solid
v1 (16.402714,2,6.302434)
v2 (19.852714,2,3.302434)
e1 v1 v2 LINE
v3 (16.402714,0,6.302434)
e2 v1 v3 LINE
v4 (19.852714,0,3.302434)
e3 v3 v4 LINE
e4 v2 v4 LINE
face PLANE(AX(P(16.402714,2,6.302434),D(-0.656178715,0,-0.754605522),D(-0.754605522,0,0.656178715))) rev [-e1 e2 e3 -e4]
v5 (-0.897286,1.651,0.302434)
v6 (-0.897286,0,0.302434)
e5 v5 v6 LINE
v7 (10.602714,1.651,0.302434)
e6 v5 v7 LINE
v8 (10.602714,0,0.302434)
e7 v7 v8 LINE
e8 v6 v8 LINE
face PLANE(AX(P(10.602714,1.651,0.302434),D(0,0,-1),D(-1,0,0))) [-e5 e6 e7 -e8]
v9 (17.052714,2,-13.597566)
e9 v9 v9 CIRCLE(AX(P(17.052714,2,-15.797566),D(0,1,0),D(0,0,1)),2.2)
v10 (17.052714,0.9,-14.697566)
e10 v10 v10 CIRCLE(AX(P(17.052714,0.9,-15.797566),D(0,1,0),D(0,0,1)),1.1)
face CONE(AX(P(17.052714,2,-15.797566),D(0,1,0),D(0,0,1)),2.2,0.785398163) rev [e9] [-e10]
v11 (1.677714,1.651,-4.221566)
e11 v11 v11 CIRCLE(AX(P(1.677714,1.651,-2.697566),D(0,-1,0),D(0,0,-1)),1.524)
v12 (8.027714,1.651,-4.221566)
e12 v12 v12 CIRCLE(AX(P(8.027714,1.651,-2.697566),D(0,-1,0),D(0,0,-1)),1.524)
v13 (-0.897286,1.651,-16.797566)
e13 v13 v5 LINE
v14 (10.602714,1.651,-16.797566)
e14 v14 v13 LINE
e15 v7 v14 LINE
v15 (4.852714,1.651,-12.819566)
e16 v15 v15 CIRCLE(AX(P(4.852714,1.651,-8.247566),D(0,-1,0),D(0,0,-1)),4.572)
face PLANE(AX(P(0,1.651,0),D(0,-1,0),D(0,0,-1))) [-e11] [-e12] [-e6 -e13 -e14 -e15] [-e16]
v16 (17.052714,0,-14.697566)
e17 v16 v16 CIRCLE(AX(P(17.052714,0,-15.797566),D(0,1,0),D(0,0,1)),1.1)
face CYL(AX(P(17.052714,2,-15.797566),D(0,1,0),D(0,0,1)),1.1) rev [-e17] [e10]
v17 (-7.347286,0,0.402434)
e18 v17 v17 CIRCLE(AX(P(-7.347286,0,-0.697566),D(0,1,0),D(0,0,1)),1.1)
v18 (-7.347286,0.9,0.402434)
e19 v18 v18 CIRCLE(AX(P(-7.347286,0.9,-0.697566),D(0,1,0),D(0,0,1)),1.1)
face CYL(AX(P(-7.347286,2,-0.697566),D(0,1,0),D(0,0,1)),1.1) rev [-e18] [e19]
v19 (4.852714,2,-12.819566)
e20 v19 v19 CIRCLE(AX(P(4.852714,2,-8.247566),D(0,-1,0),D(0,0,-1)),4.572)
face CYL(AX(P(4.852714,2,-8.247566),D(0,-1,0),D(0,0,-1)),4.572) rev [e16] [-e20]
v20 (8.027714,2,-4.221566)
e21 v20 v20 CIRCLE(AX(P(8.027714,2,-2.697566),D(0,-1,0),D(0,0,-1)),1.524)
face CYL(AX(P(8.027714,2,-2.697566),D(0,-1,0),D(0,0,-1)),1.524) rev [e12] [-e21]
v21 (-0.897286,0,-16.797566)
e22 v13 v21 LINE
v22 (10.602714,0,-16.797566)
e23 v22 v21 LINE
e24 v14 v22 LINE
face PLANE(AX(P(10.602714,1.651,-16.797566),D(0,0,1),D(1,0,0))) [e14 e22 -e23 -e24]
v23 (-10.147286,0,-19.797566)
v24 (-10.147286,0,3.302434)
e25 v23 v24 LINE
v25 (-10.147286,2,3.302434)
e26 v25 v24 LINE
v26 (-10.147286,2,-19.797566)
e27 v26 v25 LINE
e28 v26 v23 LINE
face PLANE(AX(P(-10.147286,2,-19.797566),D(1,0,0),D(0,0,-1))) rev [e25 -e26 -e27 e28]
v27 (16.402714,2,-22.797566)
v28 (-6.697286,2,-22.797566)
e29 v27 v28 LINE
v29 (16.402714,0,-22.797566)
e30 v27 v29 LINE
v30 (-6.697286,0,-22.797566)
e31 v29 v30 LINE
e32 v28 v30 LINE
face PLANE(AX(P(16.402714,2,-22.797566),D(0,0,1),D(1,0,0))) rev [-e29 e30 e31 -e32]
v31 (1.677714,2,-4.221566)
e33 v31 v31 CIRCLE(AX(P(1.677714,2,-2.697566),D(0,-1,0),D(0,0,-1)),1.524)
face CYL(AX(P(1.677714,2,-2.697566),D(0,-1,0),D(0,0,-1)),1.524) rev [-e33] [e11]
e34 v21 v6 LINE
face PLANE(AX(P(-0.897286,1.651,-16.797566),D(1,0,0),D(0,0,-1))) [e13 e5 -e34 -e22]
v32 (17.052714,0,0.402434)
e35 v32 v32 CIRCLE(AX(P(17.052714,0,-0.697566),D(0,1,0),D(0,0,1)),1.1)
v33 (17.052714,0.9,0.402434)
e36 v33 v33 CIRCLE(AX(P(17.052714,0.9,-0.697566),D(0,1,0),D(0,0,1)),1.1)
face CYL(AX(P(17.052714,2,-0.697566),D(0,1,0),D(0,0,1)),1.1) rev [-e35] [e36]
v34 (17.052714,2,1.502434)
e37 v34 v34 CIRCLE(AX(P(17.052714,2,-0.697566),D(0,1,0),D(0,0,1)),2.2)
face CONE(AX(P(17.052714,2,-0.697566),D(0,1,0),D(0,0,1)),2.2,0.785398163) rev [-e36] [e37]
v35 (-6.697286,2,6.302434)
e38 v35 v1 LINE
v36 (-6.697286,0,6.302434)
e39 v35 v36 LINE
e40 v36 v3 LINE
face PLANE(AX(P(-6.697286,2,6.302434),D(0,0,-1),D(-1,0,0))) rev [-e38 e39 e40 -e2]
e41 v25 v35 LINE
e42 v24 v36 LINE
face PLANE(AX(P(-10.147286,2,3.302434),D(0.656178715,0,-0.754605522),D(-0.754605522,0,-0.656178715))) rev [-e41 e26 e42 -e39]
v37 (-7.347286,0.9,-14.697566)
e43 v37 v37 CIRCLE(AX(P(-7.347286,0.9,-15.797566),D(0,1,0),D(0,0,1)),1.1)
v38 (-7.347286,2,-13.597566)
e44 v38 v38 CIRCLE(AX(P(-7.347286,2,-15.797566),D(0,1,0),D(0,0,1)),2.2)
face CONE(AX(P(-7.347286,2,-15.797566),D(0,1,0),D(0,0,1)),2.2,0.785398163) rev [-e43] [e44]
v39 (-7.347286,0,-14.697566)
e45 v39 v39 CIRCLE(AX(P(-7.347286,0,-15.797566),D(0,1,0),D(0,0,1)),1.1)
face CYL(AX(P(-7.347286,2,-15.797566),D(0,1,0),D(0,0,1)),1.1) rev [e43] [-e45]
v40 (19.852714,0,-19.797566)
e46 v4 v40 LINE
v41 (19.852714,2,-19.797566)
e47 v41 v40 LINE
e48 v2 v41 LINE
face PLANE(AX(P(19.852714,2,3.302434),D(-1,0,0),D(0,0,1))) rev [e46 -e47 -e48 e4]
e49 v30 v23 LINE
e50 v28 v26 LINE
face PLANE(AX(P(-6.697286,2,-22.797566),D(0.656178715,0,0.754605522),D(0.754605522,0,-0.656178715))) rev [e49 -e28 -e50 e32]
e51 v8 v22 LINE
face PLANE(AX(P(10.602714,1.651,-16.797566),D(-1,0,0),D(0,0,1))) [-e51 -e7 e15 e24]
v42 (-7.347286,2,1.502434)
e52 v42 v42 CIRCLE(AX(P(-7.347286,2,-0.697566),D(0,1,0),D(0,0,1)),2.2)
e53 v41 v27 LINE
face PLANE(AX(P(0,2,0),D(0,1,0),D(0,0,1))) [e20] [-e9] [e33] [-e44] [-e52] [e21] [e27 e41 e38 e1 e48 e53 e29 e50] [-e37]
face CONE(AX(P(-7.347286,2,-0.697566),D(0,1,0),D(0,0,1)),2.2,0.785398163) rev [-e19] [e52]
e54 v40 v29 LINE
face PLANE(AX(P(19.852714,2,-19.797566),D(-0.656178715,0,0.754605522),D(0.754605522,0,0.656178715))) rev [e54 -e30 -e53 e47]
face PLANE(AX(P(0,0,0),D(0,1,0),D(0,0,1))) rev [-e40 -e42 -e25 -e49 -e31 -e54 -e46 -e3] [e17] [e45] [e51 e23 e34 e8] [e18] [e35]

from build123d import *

# Parameters (mm, degrees)
BOSS_EXTRUDE1_DEPTH                             = 2
CSK_FOR_M2_FLAT_HEAD_MACHINE_SCREW1_D           = 2.2
CSK_FOR_M2_FLAT_HEAD_MACHINE_SCREW1_DEPTH       = 4
CSK_FOR_M2_FLAT_HEAD_MACHINE_SCREW1_CSINK_D     = 4.4
CSK_FOR_M2_FLAT_HEAD_MACHINE_SCREW1_CSINK_ANGLE = 90
CSK_FOR_M2_FLAT_HEAD_MACHINE_SCREW1_TIP         = 0.660946681
SKETCH9_W                                       = 11.5
SKETCH9_H                                       = 17.1
CUT_EXTRUDE1_DEPTH                              = 1.651
SKETCH11_R                                      = 4.572
SKETCH11_R_2                                    = 1.524
CUT_EXTRUDE2_DEPTH                              = 31.275155769


with BuildPart() as part:
    # Sketch1 → Boss-Extrude1 (new body)
    with BuildSketch(Plane(origin=(0, 0, 0), x_dir=(1, 0, 0), z_dir=(0, 1, 0))):
        Polygon((-10.147286186, 19.79756588), (-10.147286186, -3.30243412), (-6.697286186, -6.30243412), (16.402713814, -6.30243412), (19.852713814, -3.30243412), (19.852713814, 19.79756588), (16.402713814, 22.79756588), (-6.697286186, 22.79756588), align=None)
    extrude(amount=BOSS_EXTRUDE1_DEPTH)

    # CSK for M2 Flat Head Machine Screw1
    with Locations(Plane(origin=(0, 2, 0), x_dir=(1, 0, 0), z_dir=(0, 1, 0))):
        with Locations((-7.347286186, 15.79756588), (17.052713814, 15.79756588), (17.052713814, 0.69756588), (-7.347286186, 0.69756588)):
            CounterSinkHole(CSK_FOR_M2_FLAT_HEAD_MACHINE_SCREW1_D / 2, CSK_FOR_M2_FLAT_HEAD_MACHINE_SCREW1_CSINK_D / 2, depth=CSK_FOR_M2_FLAT_HEAD_MACHINE_SCREW1_DEPTH, counter_sink_angle=CSK_FOR_M2_FLAT_HEAD_MACHINE_SCREW1_CSINK_ANGLE)
            with Locations((0, 0, -(CSK_FOR_M2_FLAT_HEAD_MACHINE_SCREW1_DEPTH + CSK_FOR_M2_FLAT_HEAD_MACHINE_SCREW1_TIP / 2))):  # 118° drill point
                Cone(0, CSK_FOR_M2_FLAT_HEAD_MACHINE_SCREW1_D / 2, CSK_FOR_M2_FLAT_HEAD_MACHINE_SCREW1_TIP, mode=Mode.SUBTRACT)

    # Sketch9 → Cut-Extrude1 (cut)
    with BuildSketch(Plane(origin=(0, 0, 0), x_dir=(1, 0, 0), z_dir=(0, 1, 0))):
        with Locations((4.852713814, 8.24756588)):
            Rectangle(SKETCH9_W, SKETCH9_H)
    extrude(amount=CUT_EXTRUDE1_DEPTH, mode=Mode.SUBTRACT)

    # Sketch11 → Cut-Extrude2 (cut, through all)
    with BuildSketch(Plane.XZ.offset(-1.651)):
        with Locations(Location((4.852713814, -8.24756588, 0), (0, 0, 270))):
            Circle(SKETCH11_R)
        with Locations(Location((8.027713814, -2.69756588, 0), (0, 0, 270))):
            Circle(SKETCH11_R_2)
        with Locations(Location((1.677713814, -2.69756588, 0), (0, 0, 270))):
            Circle(SKETCH11_R_2)
    extrude(amount=-CUT_EXTRUDE2_DEPTH, mode=Mode.SUBTRACT)


solid = part.part
